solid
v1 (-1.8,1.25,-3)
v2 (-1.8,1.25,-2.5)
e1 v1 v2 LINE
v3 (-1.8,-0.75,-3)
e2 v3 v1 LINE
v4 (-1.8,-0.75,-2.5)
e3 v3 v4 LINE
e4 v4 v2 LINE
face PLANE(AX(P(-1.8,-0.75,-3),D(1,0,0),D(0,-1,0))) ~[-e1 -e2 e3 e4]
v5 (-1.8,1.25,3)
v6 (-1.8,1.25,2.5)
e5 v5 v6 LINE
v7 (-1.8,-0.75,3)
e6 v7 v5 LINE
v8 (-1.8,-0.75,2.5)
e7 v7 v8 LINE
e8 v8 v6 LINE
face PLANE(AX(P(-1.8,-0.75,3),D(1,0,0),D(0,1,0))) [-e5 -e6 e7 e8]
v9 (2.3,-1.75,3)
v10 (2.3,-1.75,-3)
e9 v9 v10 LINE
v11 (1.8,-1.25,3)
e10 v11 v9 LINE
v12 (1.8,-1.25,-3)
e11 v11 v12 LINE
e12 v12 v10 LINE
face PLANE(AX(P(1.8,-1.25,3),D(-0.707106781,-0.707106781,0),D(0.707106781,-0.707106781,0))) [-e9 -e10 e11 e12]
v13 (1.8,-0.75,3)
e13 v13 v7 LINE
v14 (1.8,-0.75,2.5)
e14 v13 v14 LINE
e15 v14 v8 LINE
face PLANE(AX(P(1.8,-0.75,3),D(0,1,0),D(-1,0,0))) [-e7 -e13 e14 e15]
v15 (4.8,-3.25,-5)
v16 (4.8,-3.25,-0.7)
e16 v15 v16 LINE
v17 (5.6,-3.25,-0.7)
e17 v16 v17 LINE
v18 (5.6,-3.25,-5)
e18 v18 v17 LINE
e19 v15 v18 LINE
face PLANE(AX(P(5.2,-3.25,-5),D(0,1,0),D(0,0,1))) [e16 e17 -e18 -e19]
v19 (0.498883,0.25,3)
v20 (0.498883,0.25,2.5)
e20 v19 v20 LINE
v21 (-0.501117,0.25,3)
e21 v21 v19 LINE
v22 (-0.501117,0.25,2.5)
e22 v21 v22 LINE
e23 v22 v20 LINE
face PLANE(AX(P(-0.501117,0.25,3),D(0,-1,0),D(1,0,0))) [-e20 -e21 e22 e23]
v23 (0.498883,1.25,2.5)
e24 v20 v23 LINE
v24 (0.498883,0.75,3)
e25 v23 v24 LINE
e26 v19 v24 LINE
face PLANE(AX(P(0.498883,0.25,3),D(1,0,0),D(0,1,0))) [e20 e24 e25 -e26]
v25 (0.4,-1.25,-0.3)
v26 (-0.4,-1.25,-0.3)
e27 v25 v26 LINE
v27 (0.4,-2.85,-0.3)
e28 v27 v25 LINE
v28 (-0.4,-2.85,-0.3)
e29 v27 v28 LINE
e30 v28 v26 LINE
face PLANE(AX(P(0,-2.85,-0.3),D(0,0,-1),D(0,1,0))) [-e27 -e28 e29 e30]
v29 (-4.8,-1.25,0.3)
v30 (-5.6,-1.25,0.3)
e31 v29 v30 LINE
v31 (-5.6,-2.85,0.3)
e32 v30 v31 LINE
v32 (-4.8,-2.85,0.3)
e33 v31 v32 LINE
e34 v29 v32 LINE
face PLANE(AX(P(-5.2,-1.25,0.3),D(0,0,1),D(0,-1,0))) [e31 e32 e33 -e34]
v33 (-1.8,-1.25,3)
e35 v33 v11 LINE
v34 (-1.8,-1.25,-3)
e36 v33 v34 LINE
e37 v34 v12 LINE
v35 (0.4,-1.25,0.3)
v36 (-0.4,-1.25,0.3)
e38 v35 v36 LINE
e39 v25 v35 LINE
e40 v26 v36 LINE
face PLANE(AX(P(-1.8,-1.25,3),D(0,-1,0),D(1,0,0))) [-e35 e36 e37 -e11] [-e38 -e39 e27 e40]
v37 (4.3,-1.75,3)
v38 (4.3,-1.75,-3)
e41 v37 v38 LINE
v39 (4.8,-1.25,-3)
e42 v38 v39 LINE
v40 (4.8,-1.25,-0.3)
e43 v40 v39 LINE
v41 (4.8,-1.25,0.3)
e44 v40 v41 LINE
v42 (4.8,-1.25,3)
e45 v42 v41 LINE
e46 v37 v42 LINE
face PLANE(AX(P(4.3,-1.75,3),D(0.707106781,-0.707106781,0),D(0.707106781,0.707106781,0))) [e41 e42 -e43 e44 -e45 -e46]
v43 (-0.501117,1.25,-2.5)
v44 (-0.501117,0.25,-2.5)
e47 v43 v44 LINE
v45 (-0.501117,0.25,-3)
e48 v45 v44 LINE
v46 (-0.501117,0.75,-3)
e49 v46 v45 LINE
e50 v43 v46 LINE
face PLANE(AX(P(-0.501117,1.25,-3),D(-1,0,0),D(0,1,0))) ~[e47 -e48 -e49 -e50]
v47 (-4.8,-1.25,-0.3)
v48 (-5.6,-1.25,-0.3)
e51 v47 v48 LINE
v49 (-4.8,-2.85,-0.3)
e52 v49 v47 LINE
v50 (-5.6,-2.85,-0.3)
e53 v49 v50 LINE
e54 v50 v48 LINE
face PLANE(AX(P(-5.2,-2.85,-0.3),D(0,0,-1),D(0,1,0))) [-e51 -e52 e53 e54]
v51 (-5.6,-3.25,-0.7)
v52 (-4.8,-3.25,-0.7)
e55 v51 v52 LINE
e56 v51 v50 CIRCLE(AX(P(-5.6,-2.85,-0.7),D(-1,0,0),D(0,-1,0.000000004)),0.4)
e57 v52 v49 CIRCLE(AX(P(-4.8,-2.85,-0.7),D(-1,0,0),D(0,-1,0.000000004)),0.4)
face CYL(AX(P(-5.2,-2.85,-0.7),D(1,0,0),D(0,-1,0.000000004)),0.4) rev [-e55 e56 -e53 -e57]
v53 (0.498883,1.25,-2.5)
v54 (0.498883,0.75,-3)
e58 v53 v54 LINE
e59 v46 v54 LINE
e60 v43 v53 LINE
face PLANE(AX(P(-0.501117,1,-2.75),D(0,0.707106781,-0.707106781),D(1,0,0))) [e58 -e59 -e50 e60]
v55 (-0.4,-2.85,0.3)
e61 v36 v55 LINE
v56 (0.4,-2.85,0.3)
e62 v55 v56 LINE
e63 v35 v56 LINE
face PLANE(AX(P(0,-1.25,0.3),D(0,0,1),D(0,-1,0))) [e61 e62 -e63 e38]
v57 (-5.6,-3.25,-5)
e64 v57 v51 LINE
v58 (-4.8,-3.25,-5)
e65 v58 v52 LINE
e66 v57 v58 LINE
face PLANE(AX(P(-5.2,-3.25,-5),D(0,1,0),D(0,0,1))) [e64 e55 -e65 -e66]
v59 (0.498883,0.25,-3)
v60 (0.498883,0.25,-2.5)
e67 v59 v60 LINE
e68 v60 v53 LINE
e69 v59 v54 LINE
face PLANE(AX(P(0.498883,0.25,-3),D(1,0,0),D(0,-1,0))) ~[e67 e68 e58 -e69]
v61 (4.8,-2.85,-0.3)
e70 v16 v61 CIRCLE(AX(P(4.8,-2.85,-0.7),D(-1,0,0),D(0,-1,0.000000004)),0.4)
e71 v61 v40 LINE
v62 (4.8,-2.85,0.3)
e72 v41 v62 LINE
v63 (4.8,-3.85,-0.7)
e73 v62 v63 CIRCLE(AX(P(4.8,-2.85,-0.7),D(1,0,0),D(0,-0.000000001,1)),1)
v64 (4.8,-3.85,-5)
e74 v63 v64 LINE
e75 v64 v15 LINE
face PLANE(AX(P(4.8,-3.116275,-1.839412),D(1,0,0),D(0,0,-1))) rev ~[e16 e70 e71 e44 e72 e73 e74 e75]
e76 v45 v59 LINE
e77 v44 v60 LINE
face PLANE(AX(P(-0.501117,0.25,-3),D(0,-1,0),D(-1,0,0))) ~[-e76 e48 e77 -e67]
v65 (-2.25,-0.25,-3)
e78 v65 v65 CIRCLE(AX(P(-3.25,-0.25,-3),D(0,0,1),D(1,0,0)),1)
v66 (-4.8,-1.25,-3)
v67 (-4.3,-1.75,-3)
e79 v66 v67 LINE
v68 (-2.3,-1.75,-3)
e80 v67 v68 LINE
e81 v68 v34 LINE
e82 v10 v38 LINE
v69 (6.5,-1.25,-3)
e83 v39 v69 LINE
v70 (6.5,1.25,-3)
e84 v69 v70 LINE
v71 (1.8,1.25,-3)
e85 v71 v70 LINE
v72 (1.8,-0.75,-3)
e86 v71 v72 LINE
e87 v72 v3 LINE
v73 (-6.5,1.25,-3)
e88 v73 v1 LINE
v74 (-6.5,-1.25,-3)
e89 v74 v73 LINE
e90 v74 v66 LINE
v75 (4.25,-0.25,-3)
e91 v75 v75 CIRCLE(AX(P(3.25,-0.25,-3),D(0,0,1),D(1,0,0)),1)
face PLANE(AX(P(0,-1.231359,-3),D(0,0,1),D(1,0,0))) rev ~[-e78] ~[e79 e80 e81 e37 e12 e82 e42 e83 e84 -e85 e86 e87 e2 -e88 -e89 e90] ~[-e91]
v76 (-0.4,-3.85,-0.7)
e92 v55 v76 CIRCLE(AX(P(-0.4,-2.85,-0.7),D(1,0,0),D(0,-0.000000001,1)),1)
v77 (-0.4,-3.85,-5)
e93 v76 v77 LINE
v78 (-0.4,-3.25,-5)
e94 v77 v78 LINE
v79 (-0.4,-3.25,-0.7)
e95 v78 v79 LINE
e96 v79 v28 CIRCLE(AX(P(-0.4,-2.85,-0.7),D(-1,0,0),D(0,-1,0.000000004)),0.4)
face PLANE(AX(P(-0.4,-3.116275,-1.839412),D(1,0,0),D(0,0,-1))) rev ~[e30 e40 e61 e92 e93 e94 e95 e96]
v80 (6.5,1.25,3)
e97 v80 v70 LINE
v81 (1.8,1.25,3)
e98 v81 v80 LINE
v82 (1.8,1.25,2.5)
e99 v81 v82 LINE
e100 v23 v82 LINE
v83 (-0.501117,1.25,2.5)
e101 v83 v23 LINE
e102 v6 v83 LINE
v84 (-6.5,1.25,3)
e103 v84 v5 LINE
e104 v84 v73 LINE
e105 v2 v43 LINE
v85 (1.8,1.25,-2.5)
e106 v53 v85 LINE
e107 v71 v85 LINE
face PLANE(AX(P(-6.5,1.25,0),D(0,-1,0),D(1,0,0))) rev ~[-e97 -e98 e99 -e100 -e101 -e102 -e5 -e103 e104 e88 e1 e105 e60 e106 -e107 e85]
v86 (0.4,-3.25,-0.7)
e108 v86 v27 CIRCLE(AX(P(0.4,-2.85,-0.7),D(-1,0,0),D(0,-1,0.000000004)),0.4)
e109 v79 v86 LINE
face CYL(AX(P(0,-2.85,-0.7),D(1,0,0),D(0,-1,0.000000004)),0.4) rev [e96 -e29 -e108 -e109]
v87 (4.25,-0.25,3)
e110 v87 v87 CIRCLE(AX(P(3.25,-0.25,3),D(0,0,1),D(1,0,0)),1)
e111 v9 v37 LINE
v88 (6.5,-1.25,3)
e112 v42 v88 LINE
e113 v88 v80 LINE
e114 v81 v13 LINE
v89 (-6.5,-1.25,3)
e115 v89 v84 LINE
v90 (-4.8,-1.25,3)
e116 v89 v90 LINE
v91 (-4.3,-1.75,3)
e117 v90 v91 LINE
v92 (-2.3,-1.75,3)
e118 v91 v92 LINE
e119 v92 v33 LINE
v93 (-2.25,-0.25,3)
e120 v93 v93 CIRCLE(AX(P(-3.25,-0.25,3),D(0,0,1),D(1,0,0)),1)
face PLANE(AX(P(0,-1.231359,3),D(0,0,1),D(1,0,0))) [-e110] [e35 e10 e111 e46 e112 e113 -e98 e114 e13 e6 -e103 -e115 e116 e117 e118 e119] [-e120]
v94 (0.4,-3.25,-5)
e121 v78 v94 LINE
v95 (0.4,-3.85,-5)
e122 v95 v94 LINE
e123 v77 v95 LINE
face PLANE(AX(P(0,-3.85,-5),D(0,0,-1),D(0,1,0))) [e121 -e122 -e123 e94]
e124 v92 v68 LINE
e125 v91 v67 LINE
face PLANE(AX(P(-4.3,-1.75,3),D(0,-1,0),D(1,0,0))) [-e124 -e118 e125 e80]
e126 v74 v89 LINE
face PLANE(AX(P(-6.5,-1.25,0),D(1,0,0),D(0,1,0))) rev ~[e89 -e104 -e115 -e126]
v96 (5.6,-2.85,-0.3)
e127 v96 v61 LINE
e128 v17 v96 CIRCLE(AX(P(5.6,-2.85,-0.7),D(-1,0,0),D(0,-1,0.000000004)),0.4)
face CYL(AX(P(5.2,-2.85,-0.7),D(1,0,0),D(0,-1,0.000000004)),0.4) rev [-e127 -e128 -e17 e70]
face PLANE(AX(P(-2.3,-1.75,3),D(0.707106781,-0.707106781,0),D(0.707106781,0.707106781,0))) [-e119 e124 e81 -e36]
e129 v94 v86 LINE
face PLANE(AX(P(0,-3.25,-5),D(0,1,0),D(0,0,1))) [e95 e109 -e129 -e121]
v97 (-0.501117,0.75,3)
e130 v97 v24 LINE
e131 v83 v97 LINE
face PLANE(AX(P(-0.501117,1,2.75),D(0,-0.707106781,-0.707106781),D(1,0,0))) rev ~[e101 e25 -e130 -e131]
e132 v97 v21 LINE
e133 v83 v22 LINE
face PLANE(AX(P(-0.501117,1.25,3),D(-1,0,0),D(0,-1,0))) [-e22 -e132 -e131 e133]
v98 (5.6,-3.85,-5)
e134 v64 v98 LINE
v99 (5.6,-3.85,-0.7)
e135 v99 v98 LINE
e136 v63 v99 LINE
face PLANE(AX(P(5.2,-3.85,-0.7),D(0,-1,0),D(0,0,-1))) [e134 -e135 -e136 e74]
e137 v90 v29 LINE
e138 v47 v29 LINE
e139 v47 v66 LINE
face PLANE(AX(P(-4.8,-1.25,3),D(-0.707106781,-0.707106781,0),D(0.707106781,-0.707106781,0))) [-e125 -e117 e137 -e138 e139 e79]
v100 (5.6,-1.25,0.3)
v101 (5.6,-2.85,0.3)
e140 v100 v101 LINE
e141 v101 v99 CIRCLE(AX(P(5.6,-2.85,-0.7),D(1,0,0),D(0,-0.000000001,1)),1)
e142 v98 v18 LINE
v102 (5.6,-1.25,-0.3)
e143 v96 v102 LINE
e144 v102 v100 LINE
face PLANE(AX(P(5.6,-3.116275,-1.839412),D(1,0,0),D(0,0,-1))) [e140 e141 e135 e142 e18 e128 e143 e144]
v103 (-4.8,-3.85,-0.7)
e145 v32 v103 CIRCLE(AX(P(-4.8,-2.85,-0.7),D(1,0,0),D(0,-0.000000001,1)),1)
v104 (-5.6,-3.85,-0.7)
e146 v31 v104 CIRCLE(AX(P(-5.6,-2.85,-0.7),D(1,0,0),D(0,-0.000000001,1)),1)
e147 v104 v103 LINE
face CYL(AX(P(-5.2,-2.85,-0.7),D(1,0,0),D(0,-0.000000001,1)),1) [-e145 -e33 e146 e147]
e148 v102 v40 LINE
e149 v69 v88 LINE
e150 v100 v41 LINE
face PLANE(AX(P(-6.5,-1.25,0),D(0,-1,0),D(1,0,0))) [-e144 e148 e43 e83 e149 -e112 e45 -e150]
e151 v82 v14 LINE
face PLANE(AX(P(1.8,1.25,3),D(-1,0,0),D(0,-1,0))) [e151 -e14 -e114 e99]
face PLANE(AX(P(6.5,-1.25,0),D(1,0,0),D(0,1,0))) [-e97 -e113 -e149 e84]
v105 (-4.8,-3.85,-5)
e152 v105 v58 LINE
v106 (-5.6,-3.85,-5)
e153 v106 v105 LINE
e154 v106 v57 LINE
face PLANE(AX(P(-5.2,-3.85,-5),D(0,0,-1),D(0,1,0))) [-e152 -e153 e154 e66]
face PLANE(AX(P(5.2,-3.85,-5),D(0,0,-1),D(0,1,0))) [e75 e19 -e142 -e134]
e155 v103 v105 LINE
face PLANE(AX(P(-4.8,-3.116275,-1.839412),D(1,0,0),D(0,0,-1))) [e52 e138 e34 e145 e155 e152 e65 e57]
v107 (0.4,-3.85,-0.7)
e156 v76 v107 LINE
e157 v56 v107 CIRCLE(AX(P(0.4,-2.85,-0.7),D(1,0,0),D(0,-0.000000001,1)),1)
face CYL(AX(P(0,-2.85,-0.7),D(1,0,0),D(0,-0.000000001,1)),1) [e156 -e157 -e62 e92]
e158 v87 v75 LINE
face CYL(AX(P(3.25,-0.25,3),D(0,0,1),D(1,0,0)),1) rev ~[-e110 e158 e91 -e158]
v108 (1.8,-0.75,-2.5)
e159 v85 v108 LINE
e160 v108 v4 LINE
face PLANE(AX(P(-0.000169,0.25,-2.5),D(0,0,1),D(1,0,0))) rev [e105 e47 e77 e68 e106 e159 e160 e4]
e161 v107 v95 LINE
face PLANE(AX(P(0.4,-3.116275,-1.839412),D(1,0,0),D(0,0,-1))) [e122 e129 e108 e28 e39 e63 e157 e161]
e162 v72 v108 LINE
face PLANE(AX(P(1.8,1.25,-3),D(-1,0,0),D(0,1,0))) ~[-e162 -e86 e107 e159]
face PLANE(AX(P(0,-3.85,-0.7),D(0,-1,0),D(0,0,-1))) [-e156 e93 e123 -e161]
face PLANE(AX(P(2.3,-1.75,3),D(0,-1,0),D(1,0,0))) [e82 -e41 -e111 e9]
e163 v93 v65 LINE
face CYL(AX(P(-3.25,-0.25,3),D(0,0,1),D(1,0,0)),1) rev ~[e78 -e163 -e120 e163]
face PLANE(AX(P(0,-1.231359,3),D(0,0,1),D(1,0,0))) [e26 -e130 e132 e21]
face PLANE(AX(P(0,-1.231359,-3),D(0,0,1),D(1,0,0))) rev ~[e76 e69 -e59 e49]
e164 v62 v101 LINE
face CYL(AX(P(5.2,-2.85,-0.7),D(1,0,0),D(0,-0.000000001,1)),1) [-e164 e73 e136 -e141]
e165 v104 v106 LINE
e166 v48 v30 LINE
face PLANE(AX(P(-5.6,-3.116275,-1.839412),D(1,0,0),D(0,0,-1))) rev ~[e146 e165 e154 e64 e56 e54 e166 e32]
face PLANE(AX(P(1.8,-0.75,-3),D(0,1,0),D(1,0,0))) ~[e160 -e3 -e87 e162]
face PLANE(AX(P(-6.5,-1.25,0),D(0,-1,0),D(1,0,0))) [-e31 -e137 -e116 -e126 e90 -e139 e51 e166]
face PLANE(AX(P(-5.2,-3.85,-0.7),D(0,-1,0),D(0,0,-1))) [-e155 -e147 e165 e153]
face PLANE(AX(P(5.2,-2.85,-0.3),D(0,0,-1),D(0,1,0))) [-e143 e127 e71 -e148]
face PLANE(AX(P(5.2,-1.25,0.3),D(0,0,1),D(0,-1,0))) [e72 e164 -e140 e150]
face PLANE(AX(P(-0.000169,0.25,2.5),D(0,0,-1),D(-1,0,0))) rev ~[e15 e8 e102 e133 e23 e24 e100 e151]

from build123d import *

# Parameters (mm, degrees)
SCHIZZO1_W                   = 13
SCHIZZO1_H                   = 2.5
ESTRUSIONE_ESTRUSIONE1_DEPTH = 3
ESTRUSIONE_ESTRUSIONE2_DEPTH = 6
SCHIZZO3_R                   = 1
TAGLIO_ESTRUSIONE1_DEPTH     = 7
TAGLIO_ESTRUSIONE2_DEPTH     = 0.5
SMUSSO1_SIZE                 = 0.5
ESTRUSIONE_ESTRUSIONE3_DEPTH = 0.4
RIPETIZIONE_A_L1_COUNT       = 2
RIPETIZIONE_A_L1_PITCH       = 5.2
RIPETIZIONE_A_L1_COL_COUNT   = 2
RIPETIZIONE_A_L1_COL_PITCH   = 5.2


with BuildPart() as part:
    # Schizzo1 → Estrusione-Estrusione1 (new body, symmetric)
    with BuildSketch(Plane.XY):
        Rectangle(SCHIZZO1_W, SCHIZZO1_H)
    extrude(amount=ESTRUSIONE_ESTRUSIONE1_DEPTH, both=True)

    # Schizzo2 → Estrusione-Estrusione2 (add)
    with BuildSketch(Plane.XY.offset(3)):
        Polygon((-4.8, -1.25), (-4.3, -1.75), (-2.3, -1.75), (-1.8, -1.25), (1.8, -1.25), (2.3, -1.75), (4.3, -1.75), (4.8, -1.25), (4.8, -0.938044121), (-4.8, -0.938044121), align=None)
    extrude(amount=-ESTRUSIONE_ESTRUSIONE2_DEPTH)

    # Schizzo3 → Taglio-Estrusione1 (cut, through all)
    with BuildSketch(Plane.XY.offset(3)):
        with Locations((-3.25, -0.25)):
            Circle(SCHIZZO3_R)
        with Locations((3.25, -0.25)):
            Circle(SCHIZZO3_R)
    extrude(amount=-TAGLIO_ESTRUSIONE1_DEPTH, mode=Mode.SUBTRACT)

    # Schizzo4 → Taglio-Estrusione2 (cut)
    with BuildSketch(Plane.XY.offset(3)):
        Polygon((-1.8, 1.25), (-0.501117074, 1.25), (-0.501117074, 0.25), (0.498882926, 0.25), (0.498882926, 1.25), (1.8, 1.25), (1.8, -0.75), (-1.8, -0.75), align=None)
    taglio_estrusione2 = extrude(amount=-TAGLIO_ESTRUSIONE2_DEPTH, mode=Mode.SUBTRACT)

    # Specchia2: Taglio-Estrusione2 across plane
    add(taglio_estrusione2.mirror(Plane.XY), mode=Mode.SUBTRACT)

    # Smusso1
    smusso1_edges = [part.edges().sort_by_distance(p)[0] for p in [
        (-0.001117074, 1.25, 3),
        (-0.001117074, 1.25, -3),
    ]]
    chamfer(smusso1_edges, length=SMUSSO1_SIZE)

    # Schizzo5 → Estrusione-Estrusione3 (add, symmetric)
    with BuildSketch(Plane(origin=(0, 0, 0), x_dir=(0, 0, -1), z_dir=(1, 0, 0))):
        with BuildLine():
            Line((-0.3, -1.25), (-0.3, -2.85))
            ThreePointArc((-0.3, -2.85), (-0.007106781, -3.557106781), (0.7, -3.85))
            Line((0.7, -3.85), (5, -3.85))
            Line((5, -3.85), (5, -3.25))
            Line((5, -3.25), (0.7, -3.25))
            ThreePointArc((0.7, -3.25), (0.417157288, -3.132842712), (0.3, -2.85))
            Line((0.3, -2.85), (0.3, -1.25))
            Line((0.3, -1.25), (-0.3, -1.25))
        make_face()
    estrusione_estrusione3 = extrude(amount=ESTRUSIONE_ESTRUSIONE3_DEPTH, both=True)

    # Ripetizione a L1: Estrusione-Estrusione3 ×2
    with Locations(*[(-i * RIPETIZIONE_A_L1_PITCH, 0, 0) for i in range(1, RIPETIZIONE_A_L1_COUNT)]):
        add(estrusione_estrusione3)

    # Ripetizione a L1 col: Estrusione-Estrusione3 ×2
    with Locations(*[(i * RIPETIZIONE_A_L1_COL_PITCH, 0, 0) for i in range(1, RIPETIZIONE_A_L1_COL_COUNT)]):
        add(estrusione_estrusione3)


solid = part.part
